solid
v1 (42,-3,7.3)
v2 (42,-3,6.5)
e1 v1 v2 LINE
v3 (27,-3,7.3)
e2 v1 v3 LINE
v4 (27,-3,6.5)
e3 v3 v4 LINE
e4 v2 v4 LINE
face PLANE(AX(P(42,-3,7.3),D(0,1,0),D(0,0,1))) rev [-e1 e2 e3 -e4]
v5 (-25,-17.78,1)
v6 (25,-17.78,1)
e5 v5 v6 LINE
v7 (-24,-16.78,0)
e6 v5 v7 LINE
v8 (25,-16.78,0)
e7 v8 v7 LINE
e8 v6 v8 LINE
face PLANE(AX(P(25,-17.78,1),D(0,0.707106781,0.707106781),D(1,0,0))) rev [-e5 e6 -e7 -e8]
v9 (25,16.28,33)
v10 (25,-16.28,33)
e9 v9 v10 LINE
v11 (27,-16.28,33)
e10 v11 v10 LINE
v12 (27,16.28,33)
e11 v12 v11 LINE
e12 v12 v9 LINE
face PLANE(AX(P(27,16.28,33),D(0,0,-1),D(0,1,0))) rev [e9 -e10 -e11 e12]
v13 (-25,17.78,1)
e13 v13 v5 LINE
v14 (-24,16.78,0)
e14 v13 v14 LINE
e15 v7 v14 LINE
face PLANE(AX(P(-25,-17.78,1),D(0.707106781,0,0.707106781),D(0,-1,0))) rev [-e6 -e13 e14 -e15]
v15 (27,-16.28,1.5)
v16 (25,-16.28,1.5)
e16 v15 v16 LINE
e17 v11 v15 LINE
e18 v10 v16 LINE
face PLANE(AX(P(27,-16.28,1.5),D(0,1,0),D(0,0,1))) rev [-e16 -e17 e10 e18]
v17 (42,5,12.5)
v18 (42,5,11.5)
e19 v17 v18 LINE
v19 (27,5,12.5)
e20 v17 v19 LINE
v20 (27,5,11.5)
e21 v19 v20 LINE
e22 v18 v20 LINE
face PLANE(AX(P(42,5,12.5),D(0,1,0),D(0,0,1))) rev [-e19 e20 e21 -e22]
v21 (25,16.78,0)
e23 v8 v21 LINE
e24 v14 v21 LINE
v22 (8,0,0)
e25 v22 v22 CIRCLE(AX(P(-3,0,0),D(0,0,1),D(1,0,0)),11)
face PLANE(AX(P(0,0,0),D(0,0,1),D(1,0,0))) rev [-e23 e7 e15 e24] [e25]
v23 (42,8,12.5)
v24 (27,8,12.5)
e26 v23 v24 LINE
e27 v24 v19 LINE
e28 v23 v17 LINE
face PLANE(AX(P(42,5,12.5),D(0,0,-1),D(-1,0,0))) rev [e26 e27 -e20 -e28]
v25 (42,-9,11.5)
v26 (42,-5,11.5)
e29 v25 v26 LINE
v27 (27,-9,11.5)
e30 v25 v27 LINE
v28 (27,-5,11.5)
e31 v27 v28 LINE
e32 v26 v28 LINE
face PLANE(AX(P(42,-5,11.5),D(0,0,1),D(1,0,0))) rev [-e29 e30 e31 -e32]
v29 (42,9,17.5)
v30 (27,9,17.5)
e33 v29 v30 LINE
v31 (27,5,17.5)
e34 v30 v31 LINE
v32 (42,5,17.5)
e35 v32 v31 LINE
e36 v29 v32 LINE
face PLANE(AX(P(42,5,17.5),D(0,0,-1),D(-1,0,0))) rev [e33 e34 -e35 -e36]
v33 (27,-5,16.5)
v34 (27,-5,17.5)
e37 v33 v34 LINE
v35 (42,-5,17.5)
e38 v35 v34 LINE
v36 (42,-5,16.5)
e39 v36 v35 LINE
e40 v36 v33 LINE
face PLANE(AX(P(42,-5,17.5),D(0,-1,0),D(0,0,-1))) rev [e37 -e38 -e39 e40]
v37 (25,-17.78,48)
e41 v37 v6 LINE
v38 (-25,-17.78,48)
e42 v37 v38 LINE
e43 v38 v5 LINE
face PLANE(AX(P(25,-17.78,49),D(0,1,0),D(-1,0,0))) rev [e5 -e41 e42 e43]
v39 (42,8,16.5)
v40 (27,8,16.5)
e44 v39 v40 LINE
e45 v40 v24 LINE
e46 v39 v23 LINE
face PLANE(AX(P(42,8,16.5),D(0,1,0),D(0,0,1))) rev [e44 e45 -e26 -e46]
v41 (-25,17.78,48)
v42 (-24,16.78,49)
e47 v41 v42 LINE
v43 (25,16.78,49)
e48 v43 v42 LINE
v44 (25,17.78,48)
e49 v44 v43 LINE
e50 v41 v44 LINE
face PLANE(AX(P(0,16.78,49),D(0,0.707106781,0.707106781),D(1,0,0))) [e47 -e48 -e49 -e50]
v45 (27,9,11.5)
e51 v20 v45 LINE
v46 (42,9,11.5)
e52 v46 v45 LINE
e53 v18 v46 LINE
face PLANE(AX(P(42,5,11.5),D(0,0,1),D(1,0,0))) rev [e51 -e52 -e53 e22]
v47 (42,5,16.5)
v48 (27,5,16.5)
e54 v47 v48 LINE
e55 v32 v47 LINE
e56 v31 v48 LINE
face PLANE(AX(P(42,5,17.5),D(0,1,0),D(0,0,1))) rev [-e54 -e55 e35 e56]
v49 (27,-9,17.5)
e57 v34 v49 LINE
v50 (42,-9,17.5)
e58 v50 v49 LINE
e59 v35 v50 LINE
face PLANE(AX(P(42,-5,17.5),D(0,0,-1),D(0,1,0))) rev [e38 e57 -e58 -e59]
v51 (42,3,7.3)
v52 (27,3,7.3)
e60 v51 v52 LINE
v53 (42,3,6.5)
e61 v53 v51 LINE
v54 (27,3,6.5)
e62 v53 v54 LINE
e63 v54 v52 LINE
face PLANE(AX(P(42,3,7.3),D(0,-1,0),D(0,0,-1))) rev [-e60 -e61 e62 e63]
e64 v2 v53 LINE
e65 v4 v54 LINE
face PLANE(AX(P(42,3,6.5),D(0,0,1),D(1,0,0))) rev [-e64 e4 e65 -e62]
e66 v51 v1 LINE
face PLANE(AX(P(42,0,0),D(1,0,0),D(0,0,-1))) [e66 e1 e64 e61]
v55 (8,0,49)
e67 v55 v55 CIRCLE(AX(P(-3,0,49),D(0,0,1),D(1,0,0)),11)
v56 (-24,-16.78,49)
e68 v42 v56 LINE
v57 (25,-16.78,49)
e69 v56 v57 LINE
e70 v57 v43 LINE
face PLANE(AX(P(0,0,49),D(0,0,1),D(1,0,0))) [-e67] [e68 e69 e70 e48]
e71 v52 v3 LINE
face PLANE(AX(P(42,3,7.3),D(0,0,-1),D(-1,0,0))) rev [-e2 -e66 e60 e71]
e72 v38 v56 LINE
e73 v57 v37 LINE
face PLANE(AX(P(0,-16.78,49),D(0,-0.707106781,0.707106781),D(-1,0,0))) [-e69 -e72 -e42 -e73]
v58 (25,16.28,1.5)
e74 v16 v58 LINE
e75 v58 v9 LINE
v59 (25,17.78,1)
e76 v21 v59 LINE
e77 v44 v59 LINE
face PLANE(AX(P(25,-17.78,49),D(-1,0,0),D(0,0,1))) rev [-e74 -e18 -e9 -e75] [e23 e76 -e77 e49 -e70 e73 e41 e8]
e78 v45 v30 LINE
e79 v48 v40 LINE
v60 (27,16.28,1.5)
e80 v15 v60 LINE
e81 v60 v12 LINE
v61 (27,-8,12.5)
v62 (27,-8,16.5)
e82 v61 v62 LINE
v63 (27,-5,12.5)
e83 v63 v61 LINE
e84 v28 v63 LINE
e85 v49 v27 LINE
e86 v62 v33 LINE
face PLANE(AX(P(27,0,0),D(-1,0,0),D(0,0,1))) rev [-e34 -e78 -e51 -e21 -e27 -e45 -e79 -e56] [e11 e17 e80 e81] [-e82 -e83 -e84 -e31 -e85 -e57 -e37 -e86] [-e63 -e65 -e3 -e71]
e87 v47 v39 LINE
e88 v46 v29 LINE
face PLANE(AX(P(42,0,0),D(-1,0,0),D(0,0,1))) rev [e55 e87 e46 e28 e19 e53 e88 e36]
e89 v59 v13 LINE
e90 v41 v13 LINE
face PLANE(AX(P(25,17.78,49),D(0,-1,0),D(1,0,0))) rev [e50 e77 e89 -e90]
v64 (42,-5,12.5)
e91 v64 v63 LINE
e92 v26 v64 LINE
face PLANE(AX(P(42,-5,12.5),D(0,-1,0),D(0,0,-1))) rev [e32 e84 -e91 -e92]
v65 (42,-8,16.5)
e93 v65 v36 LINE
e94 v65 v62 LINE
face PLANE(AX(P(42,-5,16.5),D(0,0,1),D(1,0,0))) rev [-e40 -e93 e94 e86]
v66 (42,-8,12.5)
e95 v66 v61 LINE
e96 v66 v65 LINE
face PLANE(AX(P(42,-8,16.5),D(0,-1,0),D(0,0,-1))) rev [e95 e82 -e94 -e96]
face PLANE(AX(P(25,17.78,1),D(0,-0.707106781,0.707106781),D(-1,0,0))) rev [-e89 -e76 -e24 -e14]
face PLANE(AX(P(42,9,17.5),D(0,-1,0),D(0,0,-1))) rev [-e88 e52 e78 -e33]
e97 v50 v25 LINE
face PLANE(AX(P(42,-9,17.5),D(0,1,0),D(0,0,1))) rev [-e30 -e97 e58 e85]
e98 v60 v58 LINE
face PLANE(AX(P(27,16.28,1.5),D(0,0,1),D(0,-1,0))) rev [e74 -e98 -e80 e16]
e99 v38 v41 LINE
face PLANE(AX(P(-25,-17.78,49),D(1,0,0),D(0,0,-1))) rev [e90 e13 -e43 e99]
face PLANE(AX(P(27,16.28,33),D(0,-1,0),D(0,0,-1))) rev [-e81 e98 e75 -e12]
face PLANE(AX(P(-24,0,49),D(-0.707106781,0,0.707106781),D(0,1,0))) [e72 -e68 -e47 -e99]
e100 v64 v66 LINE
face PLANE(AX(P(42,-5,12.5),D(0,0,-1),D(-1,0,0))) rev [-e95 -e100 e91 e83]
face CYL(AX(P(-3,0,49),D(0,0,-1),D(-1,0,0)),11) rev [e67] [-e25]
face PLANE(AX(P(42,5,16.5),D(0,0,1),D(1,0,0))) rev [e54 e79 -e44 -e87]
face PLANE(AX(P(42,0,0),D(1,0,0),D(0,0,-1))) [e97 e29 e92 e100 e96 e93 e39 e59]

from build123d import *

# Parameters (mm, degrees)
SKETCH1_W           = 50
SKETCH1_H           = 35.56
SKETCH1_R           = 11
BOSS_EXTRUDE1_DEPTH = 49
SKETCH2_W           = 31.5
SKETCH2_H           = 32.56
BOSS_EXTRUDE2_DEPTH = 2
SKETCH3_W           = 0.8
SKETCH3_H           = 6
BOSS_EXTRUDE3_DEPTH = 15
CHAMFER1_SIZE       = 1


with BuildPart() as part:
    # Sketch1 → Boss-Extrude1 (new body)
    with BuildSketch(Plane.XY):
        Rectangle(SKETCH1_W, SKETCH1_H)
        with Locations((-3, 0)):
            Circle(SKETCH1_R, mode=Mode.SUBTRACT)
    extrude(amount=BOSS_EXTRUDE1_DEPTH)

    # Sketch2 → Boss-Extrude2 (add)
    with BuildSketch(Plane(origin=(25, 0, 0), x_dir=(0, 0, -1), z_dir=(1, 0, 0))):
        with Locations((-17.25, 0)):
            Rectangle(SKETCH2_W, SKETCH2_H)
    extrude(amount=BOSS_EXTRUDE2_DEPTH)

    # Sketch3 → Boss-Extrude3 (add)
    with BuildSketch(Plane(origin=(27, 0, 0), x_dir=(0, 0, -1), z_dir=(1, 0, 0))):
        Polygon((-16.5, 5), (-16.5, 8), (-12.5, 8), (-12.5, 5), (-11.5, 5), (-11.5, 9), (-17.5, 9), (-17.5, 5), align=None)
        with Locations((-6.9, 0)):
            Rectangle(SKETCH3_W, SKETCH3_H)
        Polygon((-12.5, -5), (-11.5, -5), (-11.5, -9), (-17.5, -9), (-17.5, -5), (-16.5, -5), (-16.5, -8), (-12.5, -8), align=None)
    extrude(amount=BOSS_EXTRUDE3_DEPTH)

    # Chamfer1
    chamfer1_edges = [part.edges().sort_by_distance(p)[0] for p in [
        (0, 17.78, 49),
        (-25, 0, 49),
        (0, 17.78, 0),
        (0, -17.78, 0),
        (-25, 0, 0),
        (0, -17.78, 49),
    ]]
    chamfer(chamfer1_edges, length=CHAMFER1_SIZE)


solid = part.part
